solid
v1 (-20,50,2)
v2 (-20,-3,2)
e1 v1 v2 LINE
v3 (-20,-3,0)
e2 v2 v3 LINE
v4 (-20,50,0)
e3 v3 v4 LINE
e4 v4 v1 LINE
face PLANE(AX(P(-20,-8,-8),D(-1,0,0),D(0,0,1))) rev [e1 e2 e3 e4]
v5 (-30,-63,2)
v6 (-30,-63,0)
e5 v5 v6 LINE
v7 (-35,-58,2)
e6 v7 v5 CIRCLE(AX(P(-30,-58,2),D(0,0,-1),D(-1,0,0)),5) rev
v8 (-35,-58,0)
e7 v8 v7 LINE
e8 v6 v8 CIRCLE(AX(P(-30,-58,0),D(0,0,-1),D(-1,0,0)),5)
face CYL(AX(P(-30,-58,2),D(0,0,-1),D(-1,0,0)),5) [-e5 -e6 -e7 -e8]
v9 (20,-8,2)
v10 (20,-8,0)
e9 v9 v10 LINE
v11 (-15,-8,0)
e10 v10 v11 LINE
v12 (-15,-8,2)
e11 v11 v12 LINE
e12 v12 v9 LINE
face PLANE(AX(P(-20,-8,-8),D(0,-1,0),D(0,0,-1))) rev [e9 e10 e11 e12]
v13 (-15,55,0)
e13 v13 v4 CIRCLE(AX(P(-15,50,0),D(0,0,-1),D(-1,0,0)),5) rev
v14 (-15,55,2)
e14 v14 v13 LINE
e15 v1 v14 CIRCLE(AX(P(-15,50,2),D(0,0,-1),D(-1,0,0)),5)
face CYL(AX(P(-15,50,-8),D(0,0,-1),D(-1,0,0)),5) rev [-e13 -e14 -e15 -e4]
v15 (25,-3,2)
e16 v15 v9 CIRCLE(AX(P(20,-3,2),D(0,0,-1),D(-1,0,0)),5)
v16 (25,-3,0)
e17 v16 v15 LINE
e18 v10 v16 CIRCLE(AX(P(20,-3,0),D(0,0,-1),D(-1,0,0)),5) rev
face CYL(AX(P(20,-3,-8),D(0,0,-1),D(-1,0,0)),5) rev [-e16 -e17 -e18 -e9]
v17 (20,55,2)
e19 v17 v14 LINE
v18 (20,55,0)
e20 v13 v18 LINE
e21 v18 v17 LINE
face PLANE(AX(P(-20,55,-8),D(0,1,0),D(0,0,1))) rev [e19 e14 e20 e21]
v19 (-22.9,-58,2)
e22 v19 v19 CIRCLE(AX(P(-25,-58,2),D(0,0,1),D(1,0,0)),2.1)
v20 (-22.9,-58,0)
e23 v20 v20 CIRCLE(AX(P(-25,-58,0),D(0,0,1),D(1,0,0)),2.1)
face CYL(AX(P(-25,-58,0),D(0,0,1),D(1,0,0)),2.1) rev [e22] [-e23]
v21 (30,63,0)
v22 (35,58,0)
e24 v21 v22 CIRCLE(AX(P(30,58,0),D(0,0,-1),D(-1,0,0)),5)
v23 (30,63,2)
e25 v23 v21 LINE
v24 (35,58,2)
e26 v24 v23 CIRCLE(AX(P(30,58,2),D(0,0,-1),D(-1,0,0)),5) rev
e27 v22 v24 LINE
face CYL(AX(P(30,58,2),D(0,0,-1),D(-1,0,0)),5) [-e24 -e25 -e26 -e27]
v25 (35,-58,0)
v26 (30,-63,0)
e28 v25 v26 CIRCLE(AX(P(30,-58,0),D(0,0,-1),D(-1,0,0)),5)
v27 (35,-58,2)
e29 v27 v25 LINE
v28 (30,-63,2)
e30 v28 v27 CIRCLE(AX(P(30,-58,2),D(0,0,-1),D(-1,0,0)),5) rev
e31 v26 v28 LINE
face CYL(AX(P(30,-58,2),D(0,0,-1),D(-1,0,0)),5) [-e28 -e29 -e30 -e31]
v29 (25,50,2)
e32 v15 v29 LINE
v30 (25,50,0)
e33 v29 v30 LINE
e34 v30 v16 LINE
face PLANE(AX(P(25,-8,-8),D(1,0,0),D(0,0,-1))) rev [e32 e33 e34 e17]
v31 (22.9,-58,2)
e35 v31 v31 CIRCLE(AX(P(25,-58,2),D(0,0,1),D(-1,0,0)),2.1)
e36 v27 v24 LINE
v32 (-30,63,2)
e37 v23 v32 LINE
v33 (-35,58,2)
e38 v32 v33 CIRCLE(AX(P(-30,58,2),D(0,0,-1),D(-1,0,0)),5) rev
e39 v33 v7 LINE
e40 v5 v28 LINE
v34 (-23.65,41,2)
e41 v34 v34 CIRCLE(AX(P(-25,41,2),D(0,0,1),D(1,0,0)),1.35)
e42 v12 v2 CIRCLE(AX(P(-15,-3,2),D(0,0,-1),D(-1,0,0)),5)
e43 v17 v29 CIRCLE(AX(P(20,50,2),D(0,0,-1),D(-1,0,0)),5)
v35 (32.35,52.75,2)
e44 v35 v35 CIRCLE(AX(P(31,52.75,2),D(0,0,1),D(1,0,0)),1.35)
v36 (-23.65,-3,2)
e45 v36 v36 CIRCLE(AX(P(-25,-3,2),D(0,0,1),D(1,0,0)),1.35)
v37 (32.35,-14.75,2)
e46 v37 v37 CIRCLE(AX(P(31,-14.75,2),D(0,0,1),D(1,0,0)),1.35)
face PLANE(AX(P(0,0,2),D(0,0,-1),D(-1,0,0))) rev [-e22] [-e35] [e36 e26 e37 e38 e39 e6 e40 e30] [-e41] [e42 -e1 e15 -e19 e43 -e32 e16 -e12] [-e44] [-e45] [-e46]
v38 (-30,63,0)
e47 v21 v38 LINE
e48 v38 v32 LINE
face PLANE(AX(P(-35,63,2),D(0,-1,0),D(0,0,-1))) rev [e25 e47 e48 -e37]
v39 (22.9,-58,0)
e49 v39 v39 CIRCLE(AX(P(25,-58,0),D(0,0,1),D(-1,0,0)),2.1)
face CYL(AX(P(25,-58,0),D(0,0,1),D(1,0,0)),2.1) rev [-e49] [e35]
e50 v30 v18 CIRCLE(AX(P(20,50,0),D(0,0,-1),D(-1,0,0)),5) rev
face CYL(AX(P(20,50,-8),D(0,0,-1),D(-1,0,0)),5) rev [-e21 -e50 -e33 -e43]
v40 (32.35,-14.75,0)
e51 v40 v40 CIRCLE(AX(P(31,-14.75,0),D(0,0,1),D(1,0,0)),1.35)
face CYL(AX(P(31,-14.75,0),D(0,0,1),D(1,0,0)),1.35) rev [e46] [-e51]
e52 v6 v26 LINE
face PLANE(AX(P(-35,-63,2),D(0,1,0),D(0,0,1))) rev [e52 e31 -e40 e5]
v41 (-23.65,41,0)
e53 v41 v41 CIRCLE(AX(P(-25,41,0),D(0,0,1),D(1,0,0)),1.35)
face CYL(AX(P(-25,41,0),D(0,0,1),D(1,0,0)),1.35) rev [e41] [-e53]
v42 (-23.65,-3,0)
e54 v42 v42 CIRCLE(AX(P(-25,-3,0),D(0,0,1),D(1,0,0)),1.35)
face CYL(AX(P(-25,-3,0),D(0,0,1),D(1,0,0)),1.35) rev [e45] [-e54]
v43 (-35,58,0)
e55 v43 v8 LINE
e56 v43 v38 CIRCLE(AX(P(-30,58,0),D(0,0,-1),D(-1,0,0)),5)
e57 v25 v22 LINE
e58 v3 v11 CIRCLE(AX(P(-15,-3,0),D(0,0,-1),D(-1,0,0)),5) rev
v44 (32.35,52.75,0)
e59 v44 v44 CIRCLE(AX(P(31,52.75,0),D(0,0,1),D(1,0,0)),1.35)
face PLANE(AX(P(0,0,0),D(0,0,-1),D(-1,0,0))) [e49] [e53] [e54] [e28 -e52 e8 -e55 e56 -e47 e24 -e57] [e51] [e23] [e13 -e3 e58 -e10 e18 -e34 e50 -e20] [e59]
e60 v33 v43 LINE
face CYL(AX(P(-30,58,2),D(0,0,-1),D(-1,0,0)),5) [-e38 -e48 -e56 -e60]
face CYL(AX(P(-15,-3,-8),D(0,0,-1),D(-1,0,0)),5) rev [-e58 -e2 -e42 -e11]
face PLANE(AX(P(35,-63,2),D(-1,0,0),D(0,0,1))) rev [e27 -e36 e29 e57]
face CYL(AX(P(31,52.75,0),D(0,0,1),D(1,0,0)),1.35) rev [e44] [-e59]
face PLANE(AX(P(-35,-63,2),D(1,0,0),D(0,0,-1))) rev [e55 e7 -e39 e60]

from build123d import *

# Parameters (mm, degrees)
SKETCH_1_W          = 70
SKETCH_1_H          = 126
EXTRUDE_1_DEPTH     = 2
FILLET_1_R          = 5
SKETCH_2_R          = 2.1
SKETCH_2_R_2        = 1.35
CUT_EXTRUDE_1_DEPTH = 3
SKETCH_3_W          = 45
SKETCH_3_H          = 63
CUT_EXTRUDE_2_DEPTH = 10
FILLET_2_R          = 5


with BuildPart() as part:
    # 草图1 → 凸台-拉伸1 (new body)
    with BuildSketch(Plane.XY):
        Rectangle(SKETCH_1_W, SKETCH_1_H)
    extrude(amount=EXTRUDE_1_DEPTH)

    # 圆角1
    fillet_1_edges = [part.edges().sort_by_distance(p)[0] for p in [
        (35, -63, 1),
        (-35, -63, 1),
        (-35, 63, 1),
        (35, 63, 1),
    ]]
    fillet(fillet_1_edges, radius=FILLET_1_R)

    # 草图2 → 切除-拉伸1 (cut, through all)
    with BuildSketch(Plane.XY.offset(2)):
        with Locations((-25, -58)):
            Circle(SKETCH_2_R)
        with Locations((25, -58)):
            Circle(SKETCH_2_R)
        with Locations((-25, -3)):
            Circle(SKETCH_2_R_2)
        with Locations((-25, 41)):
            Circle(SKETCH_2_R_2)
        with Locations((31, 52.75)):
            Circle(SKETCH_2_R_2)
        with Locations((31, -14.75)):
            Circle(SKETCH_2_R_2)
    extrude(amount=-CUT_EXTRUDE_1_DEPTH, mode=Mode.SUBTRACT)

    # 草图3 → 切除-拉伸2 (cut)
    with BuildSketch(Plane.XY.offset(2)):
        with Locations((2.5, 23.5)):
            Rectangle(SKETCH_3_W, SKETCH_3_H)
    extrude(amount=-CUT_EXTRUDE_2_DEPTH, mode=Mode.SUBTRACT)

    # 圆角2
    fillet_2_edges = [part.edges().sort_by_distance(p)[0] for p in [
        (25, 55, 1),
        (25, -8, 1),
        (-20, -8, 1),
        (-20, 55, 1),
    ]]
    fillet(fillet_2_edges, radius=FILLET_2_R)


solid = part.part
